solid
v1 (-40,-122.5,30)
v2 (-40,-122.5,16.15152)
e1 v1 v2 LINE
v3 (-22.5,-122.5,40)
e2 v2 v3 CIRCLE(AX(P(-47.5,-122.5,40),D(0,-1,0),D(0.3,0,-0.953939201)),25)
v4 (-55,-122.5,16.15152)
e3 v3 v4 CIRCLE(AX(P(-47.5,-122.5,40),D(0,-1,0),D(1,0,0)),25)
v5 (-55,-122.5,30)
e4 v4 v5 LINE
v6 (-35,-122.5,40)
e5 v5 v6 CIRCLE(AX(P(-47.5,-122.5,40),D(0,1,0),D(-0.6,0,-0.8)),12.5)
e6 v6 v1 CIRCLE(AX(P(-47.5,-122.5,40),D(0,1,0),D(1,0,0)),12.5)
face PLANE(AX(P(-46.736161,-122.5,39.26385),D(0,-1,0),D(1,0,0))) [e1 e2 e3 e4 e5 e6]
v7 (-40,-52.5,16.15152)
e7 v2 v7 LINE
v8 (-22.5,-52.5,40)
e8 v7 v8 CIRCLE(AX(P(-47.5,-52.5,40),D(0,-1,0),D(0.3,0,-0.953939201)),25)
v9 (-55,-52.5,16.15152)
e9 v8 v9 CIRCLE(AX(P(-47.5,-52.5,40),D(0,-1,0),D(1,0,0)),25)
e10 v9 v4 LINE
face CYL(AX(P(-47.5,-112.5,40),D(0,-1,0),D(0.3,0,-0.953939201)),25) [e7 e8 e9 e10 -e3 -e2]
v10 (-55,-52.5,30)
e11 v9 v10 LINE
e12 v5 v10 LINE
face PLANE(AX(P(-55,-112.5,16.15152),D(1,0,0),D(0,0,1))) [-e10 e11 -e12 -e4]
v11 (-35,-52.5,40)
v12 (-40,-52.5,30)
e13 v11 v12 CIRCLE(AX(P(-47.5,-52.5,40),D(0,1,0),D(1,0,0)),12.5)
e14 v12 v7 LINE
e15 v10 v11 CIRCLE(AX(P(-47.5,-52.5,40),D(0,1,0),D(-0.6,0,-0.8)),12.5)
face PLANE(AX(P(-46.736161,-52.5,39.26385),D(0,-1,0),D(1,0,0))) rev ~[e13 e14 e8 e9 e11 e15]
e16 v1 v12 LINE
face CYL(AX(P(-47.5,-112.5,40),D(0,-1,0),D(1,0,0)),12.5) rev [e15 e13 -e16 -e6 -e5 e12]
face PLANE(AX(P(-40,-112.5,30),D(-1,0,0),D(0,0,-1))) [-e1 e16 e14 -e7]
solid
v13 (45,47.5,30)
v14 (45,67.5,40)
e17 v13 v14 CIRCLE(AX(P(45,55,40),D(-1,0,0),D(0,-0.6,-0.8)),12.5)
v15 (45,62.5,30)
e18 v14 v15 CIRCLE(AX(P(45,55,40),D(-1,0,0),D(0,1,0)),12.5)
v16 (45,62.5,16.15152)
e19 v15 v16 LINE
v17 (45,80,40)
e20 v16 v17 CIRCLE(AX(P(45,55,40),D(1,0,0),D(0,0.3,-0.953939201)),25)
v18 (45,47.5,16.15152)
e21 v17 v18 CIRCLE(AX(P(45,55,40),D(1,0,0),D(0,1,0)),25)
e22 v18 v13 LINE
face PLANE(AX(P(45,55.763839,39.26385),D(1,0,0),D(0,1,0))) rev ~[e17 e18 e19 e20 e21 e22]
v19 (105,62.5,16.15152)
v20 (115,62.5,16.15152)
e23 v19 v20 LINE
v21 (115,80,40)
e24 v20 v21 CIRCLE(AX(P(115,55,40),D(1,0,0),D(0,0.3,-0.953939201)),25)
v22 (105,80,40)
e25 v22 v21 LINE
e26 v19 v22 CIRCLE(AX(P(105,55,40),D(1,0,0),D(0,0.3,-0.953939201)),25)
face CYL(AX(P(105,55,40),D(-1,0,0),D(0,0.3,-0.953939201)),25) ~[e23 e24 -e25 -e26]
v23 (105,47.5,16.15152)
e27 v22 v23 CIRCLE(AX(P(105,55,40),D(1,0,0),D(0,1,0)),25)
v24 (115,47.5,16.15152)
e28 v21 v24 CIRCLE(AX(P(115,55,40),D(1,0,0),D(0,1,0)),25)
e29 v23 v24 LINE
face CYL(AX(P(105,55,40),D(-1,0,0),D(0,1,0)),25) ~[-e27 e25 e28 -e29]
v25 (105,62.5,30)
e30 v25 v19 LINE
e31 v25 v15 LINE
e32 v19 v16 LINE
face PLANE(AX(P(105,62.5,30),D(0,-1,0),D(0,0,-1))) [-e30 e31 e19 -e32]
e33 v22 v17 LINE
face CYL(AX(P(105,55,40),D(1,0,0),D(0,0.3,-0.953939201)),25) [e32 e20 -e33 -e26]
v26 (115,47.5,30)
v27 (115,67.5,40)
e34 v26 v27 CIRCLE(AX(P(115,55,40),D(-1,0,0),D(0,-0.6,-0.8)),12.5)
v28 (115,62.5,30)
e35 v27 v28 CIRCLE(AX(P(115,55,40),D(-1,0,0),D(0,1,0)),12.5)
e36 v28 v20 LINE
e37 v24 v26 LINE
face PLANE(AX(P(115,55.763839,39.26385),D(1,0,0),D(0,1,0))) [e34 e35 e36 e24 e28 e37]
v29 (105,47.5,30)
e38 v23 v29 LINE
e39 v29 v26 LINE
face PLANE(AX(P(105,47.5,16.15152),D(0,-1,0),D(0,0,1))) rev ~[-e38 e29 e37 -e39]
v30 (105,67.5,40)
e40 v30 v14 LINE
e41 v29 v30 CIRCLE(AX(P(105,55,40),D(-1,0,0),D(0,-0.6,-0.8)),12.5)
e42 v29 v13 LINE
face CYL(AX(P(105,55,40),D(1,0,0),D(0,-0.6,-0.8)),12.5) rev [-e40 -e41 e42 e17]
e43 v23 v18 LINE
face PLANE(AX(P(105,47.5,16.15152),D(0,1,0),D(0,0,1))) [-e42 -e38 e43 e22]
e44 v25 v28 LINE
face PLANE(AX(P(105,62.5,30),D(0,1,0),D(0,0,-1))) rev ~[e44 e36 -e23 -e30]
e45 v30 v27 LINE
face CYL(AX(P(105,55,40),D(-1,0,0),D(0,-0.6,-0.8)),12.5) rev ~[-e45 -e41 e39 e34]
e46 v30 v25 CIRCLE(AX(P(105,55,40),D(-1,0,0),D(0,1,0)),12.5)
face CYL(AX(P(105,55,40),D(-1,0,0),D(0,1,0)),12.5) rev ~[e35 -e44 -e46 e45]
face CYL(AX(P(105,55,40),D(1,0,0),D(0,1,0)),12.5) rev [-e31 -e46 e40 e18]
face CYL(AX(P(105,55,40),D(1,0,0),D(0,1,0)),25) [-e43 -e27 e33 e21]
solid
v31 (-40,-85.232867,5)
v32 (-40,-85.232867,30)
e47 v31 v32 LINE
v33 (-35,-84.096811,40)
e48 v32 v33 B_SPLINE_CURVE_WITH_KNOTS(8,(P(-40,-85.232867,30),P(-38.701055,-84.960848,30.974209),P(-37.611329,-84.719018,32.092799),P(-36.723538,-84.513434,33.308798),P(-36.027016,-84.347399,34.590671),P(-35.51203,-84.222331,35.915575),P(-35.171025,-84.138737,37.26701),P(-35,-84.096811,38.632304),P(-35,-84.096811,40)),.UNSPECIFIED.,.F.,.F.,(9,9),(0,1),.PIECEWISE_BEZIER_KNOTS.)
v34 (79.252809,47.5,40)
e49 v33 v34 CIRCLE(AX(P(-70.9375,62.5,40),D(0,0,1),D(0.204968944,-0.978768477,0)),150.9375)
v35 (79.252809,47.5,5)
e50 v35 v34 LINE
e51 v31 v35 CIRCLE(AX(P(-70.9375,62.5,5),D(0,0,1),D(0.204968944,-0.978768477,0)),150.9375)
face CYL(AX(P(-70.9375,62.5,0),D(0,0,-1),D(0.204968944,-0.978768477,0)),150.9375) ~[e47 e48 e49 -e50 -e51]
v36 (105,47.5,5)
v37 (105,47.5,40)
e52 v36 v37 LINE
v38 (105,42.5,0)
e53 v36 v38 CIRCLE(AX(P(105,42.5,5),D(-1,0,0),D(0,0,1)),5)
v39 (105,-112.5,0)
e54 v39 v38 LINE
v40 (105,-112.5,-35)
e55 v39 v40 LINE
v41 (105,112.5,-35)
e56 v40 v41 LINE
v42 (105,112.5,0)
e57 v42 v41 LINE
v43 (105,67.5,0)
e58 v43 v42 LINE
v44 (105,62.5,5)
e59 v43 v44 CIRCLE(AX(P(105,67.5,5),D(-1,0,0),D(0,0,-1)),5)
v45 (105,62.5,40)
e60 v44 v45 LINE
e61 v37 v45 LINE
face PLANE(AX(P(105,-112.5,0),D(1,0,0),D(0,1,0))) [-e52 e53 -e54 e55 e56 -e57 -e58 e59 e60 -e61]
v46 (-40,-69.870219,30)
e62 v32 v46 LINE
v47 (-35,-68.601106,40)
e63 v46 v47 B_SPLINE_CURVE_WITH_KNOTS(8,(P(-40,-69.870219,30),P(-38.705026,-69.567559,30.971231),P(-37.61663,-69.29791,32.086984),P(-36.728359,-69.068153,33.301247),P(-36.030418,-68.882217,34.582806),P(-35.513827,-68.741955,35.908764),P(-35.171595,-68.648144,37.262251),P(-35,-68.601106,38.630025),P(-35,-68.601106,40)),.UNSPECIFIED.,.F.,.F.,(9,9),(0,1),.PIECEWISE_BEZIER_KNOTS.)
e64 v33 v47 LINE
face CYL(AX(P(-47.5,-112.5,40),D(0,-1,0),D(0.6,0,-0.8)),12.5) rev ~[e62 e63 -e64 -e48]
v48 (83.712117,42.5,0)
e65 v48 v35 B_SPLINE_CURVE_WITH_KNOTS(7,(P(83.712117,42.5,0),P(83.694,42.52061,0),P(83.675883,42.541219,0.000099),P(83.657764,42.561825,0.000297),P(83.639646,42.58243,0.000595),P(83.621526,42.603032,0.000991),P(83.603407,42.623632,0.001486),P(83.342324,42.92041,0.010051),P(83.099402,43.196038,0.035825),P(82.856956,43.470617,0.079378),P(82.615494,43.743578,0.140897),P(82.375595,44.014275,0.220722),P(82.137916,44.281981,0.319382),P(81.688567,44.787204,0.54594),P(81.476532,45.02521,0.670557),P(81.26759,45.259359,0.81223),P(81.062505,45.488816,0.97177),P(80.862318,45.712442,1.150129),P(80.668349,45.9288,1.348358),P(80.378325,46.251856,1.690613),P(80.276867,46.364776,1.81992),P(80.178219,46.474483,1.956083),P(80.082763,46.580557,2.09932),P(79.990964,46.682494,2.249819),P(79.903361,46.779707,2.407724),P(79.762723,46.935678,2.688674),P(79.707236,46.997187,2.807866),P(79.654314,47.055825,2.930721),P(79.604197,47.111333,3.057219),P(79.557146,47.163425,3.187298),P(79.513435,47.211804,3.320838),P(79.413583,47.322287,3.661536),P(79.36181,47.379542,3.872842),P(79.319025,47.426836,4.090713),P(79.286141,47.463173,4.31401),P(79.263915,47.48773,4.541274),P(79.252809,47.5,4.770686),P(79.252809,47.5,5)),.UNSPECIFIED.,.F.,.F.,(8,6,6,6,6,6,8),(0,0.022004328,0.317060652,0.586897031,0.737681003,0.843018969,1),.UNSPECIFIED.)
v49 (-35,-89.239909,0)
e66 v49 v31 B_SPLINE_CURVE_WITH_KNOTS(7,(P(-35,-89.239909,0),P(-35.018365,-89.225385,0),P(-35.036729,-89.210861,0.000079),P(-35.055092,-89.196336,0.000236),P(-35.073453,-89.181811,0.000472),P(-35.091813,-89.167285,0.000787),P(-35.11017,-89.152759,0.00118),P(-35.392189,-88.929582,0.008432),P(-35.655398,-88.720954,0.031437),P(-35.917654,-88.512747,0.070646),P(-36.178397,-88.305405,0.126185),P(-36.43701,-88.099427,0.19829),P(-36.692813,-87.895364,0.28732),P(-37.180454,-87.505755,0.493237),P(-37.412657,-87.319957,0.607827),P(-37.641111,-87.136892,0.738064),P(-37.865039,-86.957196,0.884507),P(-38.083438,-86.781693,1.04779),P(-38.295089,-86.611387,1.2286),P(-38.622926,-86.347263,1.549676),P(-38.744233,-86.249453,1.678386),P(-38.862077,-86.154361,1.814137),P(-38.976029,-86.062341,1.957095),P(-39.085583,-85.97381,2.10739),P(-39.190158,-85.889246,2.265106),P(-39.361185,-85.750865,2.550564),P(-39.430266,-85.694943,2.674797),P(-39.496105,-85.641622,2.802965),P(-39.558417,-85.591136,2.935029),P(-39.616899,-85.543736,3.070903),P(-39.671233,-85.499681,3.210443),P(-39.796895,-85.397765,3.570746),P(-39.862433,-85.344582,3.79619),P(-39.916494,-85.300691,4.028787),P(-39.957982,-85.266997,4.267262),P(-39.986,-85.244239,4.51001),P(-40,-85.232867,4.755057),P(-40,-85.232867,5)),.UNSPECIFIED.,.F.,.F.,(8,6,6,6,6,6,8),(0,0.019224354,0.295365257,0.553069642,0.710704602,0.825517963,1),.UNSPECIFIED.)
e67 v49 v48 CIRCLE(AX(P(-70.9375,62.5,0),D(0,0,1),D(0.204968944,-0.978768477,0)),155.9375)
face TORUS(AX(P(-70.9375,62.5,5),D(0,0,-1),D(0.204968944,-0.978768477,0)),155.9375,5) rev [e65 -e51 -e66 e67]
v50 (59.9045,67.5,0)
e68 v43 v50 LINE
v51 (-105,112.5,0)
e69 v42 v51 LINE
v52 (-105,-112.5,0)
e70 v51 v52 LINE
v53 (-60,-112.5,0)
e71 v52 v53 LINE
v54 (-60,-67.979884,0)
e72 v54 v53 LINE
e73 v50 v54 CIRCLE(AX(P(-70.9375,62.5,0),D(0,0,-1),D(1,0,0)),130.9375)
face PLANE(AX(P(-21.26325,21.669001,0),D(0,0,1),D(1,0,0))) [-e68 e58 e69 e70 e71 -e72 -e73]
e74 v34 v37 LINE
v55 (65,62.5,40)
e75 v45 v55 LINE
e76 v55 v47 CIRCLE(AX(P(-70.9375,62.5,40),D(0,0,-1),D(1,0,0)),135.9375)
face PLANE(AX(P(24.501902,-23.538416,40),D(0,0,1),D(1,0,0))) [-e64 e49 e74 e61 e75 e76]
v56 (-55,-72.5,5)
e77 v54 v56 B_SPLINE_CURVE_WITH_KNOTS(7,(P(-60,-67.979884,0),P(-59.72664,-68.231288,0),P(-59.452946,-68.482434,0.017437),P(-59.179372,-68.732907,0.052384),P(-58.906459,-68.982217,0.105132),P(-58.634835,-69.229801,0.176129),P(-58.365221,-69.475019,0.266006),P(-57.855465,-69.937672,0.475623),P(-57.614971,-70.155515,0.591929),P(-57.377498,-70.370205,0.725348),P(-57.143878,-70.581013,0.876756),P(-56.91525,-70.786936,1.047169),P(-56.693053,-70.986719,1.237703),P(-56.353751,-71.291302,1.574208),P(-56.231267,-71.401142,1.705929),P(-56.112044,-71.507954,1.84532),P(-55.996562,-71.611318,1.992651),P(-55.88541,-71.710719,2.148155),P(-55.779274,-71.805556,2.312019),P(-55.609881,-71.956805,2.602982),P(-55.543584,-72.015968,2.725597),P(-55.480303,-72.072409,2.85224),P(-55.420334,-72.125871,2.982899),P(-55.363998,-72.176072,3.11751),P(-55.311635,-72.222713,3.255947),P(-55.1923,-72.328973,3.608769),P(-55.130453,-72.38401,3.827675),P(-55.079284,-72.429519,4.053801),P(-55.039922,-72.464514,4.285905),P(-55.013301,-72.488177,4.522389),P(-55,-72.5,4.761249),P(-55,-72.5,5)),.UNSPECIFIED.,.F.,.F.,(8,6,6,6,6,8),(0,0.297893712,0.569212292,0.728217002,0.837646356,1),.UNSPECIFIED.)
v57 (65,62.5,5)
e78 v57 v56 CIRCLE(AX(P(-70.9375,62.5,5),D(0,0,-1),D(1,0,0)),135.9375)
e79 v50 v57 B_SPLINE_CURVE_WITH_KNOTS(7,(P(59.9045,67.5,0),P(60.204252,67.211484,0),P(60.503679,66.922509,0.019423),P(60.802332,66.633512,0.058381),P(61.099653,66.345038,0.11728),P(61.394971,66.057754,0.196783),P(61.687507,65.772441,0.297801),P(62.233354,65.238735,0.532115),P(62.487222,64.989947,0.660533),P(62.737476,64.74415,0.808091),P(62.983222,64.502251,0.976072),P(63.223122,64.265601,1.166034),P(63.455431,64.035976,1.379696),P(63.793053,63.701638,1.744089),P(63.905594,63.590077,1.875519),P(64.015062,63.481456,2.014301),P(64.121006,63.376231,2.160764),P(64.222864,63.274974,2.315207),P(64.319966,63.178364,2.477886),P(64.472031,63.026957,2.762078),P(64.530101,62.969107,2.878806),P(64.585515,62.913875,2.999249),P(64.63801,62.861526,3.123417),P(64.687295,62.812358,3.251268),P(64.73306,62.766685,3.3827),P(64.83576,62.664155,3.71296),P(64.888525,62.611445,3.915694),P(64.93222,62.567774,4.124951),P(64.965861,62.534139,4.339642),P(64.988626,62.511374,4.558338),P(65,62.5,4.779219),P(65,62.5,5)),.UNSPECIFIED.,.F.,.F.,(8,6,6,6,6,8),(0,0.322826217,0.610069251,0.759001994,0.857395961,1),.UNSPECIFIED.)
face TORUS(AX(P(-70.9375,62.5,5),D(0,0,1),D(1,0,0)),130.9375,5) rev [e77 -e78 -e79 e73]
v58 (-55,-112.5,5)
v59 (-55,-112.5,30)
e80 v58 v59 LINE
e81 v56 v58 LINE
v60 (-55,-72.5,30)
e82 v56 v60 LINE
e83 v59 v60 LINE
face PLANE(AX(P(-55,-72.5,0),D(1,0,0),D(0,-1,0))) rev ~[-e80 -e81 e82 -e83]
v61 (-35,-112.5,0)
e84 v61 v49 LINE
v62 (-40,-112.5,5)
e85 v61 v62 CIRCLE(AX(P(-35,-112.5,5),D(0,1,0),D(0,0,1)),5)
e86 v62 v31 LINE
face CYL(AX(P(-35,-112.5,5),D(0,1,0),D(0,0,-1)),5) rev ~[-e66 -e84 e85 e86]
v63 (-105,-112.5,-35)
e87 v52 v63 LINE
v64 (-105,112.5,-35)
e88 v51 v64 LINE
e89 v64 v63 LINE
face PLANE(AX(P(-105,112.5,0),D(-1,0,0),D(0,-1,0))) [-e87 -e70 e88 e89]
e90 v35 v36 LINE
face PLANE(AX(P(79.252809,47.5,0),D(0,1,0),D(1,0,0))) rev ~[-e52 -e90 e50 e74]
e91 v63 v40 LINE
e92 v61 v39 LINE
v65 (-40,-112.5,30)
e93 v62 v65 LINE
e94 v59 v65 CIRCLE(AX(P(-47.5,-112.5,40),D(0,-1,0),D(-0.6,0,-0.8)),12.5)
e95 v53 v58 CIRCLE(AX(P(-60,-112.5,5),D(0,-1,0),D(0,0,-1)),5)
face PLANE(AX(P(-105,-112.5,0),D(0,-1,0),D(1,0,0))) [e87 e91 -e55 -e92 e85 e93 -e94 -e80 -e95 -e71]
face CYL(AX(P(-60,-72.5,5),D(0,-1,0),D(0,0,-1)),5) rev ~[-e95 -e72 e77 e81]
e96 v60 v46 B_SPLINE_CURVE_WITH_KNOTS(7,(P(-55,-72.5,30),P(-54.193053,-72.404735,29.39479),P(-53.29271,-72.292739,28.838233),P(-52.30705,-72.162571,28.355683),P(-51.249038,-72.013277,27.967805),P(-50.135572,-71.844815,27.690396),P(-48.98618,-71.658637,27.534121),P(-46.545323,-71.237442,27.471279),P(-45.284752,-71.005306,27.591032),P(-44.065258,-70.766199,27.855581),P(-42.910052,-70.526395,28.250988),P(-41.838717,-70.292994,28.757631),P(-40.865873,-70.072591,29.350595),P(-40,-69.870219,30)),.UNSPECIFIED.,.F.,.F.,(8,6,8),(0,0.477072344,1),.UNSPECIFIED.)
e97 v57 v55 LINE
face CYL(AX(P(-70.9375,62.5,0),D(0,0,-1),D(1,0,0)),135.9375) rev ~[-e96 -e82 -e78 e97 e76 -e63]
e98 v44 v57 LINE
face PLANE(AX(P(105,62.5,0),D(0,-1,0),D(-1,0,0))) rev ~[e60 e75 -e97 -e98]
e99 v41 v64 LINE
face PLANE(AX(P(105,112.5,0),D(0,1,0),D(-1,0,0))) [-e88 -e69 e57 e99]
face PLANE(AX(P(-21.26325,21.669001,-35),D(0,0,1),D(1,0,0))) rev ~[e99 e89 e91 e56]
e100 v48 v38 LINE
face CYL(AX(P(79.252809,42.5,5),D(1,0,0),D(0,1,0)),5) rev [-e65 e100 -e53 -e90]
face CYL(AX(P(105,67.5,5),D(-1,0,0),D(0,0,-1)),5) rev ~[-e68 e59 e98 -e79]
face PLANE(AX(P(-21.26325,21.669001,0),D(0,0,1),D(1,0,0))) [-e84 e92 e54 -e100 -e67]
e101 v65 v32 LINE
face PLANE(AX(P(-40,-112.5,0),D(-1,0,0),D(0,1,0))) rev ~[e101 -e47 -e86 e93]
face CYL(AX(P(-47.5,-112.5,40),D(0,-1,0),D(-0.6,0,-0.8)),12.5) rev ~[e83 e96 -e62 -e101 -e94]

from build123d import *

# Parameters (mm, degrees)
F1_DEPTH      = 40
F2_DEPTH      = 35
F4_DEPTH      = 10
F4_DEPTH_BACK = 60
F5_DEPTH      = 50
F7_DEPTH      = 10
F7_DEPTH_BACK = 60
F8_R          = 5


with BuildPart() as f1:
    # F0 (on Top) → F1 (new body)
    with BuildSketch(Plane.XY):
        with BuildLine():
            Line((105, 47.5), (105, 62.5))
            Line((105, 62.5), (65, 62.5))
            ThreePointArc((65, 62.5), (30.6634542586, -27.8119593409), (-55, -72.5))
            Line((-55, -72.5), (-55, -112.5))
            Line((-55, -112.5), (-40, -112.5))
            Line((-40, -112.5), (-40, -85.2328670269))
            ThreePointArc((-40, -85.2328670269), (41.3403887056, -38.3751932542), (79.2528089625, 47.5))
            Line((79.2528089625, 47.5), (105, 47.5))
        make_face()
    extrude(amount=F1_DEPTH)

    # F0 (on Top) → F2 (join)
    with BuildSketch(Plane.XY):
        with BuildLine():
            Line((105, 62.5), (105, 112.5))
            Line((105, 112.5), (-105, 112.5))
            Line((-105, 112.5), (-105, -112.5))
            Line((-105, -112.5), (-55, -112.5))
            Line((-55, -112.5), (-55, -72.5))
            ThreePointArc((-55, -72.5), (30.6634542586, -27.8119593409), (65, 62.5))
            Line((65, 62.5), (105, 62.5))
        make_face()
        with BuildLine():
            Line((105, 47.5), (105, 62.5))
            Line((105, 62.5), (65, 62.5))
            ThreePointArc((65, 62.5), (30.6634542586, -27.8119593409), (-55, -72.5))
            Line((-55, -72.5), (-55, -112.5))
            Line((-55, -112.5), (-40, -112.5))
            Line((-40, -112.5), (-40, -85.2328670269))
            ThreePointArc((-40, -85.2328670269), (41.3403887056, -38.3751932542), (79.2528089625, 47.5))
            Line((79.2528089625, 47.5), (105, 47.5))
        make_face()
        with BuildLine():
            Line((105, -112.5), (105, 47.5))
            Line((105, 47.5), (79.2528089625, 47.5))
            ThreePointArc((79.2528089625, 47.5), (41.3403887056, -38.3751932542), (-40, -85.2328670269))
            Line((-40, -85.2328670269), (-40, -112.5))
            Line((-40, -112.5), (105, -112.5))
        make_face()
    extrude(amount=-F2_DEPTH)

    # F3 (on face) → F5 (cut)
    with BuildSketch(Plane.XZ.offset(112.5)):
        with BuildLine():
            ThreePointArc((-35, 40), (-53.0901699437, 51.1803398875), (-55, 30))
            Line((-55, 30), (-55, 40))
            Line((-55, 40), (-40, 40))
            Line((-40, 40), (-40, 30))
            ThreePointArc((-40, 30), (-36.3196601125, 34.4098300563), (-35, 40))
        make_face()
        with BuildLine():
            Line((-55, 40), (-55, 30))
            ThreePointArc((-55, 30), (-47.5, 27.5), (-40, 30))
            Line((-40, 30), (-40, 40))
            Line((-40, 40), (-55, 40))
        make_face()
    extrude(amount=-F5_DEPTH, mode=Mode.SUBTRACT)

    # F8
    f8_edges = [f1.edges().sort_by_distance(p)[0] for p in [
        (41.340389, -38.375193, 0),
        (-40, -98.866434, 0),
        (92.126404, 47.5, 0),
        (30.663454, -27.811959, 0),
        (85, 62.5, 0),
        (-55, -92.5, 0),
    ]]
    fillet(f8_edges, radius=F8_R)


with BuildPart() as f4:
    # F3 (on face) → F4 (new body, two sides)
    with BuildSketch(Plane.XZ.offset(112.5)) as f4_sk:
        with BuildLine():
            ThreePointArc((-40, 16.1515199646), (-27.3443556293, 25.2098005423), (-22.5, 40))
            ThreePointArc((-22.5, 40), (-62.2901994577, 60.1556443707), (-55, 16.1515199646))
            Line((-55, 16.1515199646), (-55, 30))
            ThreePointArc((-55, 30), (-53.0901699437, 51.1803398875), (-35, 40))
            ThreePointArc((-35, 40), (-36.3196601125, 34.4098300563), (-40, 30))
            Line((-40, 30), (-40, 16.1515199646))
        make_face()
    extrude(amount=F4_DEPTH)
    extrude(f4_sk.sketch, amount=-F4_DEPTH_BACK)


with BuildPart() as f7:
    # F6 (on face) → F7 (new body, two sides)
    with BuildSketch(Plane.YZ.offset(105)) as f7_sk:
        with BuildLine():
            ThreePointArc((47.5, 30), (49.4098300563, 51.1803398875), (67.5, 40))
            ThreePointArc((67.5, 40), (66.1803398875, 34.4098300563), (62.5, 30))
            Line((62.5, 30), (62.5, 16.1515199646))
            ThreePointArc((62.5, 16.1515199646), (75.1556443707, 25.2098005423), (80, 40))
            ThreePointArc((80, 40), (40.2098005423, 60.1556443707), (47.5, 16.1515199646))
            Line((47.5, 16.1515199646), (47.5, 30))
        make_face()
    extrude(amount=F7_DEPTH)
    extrude(f7_sk.sketch, amount=-F7_DEPTH_BACK)


solid = Compound([f1.part, f4.part, f7.part])
